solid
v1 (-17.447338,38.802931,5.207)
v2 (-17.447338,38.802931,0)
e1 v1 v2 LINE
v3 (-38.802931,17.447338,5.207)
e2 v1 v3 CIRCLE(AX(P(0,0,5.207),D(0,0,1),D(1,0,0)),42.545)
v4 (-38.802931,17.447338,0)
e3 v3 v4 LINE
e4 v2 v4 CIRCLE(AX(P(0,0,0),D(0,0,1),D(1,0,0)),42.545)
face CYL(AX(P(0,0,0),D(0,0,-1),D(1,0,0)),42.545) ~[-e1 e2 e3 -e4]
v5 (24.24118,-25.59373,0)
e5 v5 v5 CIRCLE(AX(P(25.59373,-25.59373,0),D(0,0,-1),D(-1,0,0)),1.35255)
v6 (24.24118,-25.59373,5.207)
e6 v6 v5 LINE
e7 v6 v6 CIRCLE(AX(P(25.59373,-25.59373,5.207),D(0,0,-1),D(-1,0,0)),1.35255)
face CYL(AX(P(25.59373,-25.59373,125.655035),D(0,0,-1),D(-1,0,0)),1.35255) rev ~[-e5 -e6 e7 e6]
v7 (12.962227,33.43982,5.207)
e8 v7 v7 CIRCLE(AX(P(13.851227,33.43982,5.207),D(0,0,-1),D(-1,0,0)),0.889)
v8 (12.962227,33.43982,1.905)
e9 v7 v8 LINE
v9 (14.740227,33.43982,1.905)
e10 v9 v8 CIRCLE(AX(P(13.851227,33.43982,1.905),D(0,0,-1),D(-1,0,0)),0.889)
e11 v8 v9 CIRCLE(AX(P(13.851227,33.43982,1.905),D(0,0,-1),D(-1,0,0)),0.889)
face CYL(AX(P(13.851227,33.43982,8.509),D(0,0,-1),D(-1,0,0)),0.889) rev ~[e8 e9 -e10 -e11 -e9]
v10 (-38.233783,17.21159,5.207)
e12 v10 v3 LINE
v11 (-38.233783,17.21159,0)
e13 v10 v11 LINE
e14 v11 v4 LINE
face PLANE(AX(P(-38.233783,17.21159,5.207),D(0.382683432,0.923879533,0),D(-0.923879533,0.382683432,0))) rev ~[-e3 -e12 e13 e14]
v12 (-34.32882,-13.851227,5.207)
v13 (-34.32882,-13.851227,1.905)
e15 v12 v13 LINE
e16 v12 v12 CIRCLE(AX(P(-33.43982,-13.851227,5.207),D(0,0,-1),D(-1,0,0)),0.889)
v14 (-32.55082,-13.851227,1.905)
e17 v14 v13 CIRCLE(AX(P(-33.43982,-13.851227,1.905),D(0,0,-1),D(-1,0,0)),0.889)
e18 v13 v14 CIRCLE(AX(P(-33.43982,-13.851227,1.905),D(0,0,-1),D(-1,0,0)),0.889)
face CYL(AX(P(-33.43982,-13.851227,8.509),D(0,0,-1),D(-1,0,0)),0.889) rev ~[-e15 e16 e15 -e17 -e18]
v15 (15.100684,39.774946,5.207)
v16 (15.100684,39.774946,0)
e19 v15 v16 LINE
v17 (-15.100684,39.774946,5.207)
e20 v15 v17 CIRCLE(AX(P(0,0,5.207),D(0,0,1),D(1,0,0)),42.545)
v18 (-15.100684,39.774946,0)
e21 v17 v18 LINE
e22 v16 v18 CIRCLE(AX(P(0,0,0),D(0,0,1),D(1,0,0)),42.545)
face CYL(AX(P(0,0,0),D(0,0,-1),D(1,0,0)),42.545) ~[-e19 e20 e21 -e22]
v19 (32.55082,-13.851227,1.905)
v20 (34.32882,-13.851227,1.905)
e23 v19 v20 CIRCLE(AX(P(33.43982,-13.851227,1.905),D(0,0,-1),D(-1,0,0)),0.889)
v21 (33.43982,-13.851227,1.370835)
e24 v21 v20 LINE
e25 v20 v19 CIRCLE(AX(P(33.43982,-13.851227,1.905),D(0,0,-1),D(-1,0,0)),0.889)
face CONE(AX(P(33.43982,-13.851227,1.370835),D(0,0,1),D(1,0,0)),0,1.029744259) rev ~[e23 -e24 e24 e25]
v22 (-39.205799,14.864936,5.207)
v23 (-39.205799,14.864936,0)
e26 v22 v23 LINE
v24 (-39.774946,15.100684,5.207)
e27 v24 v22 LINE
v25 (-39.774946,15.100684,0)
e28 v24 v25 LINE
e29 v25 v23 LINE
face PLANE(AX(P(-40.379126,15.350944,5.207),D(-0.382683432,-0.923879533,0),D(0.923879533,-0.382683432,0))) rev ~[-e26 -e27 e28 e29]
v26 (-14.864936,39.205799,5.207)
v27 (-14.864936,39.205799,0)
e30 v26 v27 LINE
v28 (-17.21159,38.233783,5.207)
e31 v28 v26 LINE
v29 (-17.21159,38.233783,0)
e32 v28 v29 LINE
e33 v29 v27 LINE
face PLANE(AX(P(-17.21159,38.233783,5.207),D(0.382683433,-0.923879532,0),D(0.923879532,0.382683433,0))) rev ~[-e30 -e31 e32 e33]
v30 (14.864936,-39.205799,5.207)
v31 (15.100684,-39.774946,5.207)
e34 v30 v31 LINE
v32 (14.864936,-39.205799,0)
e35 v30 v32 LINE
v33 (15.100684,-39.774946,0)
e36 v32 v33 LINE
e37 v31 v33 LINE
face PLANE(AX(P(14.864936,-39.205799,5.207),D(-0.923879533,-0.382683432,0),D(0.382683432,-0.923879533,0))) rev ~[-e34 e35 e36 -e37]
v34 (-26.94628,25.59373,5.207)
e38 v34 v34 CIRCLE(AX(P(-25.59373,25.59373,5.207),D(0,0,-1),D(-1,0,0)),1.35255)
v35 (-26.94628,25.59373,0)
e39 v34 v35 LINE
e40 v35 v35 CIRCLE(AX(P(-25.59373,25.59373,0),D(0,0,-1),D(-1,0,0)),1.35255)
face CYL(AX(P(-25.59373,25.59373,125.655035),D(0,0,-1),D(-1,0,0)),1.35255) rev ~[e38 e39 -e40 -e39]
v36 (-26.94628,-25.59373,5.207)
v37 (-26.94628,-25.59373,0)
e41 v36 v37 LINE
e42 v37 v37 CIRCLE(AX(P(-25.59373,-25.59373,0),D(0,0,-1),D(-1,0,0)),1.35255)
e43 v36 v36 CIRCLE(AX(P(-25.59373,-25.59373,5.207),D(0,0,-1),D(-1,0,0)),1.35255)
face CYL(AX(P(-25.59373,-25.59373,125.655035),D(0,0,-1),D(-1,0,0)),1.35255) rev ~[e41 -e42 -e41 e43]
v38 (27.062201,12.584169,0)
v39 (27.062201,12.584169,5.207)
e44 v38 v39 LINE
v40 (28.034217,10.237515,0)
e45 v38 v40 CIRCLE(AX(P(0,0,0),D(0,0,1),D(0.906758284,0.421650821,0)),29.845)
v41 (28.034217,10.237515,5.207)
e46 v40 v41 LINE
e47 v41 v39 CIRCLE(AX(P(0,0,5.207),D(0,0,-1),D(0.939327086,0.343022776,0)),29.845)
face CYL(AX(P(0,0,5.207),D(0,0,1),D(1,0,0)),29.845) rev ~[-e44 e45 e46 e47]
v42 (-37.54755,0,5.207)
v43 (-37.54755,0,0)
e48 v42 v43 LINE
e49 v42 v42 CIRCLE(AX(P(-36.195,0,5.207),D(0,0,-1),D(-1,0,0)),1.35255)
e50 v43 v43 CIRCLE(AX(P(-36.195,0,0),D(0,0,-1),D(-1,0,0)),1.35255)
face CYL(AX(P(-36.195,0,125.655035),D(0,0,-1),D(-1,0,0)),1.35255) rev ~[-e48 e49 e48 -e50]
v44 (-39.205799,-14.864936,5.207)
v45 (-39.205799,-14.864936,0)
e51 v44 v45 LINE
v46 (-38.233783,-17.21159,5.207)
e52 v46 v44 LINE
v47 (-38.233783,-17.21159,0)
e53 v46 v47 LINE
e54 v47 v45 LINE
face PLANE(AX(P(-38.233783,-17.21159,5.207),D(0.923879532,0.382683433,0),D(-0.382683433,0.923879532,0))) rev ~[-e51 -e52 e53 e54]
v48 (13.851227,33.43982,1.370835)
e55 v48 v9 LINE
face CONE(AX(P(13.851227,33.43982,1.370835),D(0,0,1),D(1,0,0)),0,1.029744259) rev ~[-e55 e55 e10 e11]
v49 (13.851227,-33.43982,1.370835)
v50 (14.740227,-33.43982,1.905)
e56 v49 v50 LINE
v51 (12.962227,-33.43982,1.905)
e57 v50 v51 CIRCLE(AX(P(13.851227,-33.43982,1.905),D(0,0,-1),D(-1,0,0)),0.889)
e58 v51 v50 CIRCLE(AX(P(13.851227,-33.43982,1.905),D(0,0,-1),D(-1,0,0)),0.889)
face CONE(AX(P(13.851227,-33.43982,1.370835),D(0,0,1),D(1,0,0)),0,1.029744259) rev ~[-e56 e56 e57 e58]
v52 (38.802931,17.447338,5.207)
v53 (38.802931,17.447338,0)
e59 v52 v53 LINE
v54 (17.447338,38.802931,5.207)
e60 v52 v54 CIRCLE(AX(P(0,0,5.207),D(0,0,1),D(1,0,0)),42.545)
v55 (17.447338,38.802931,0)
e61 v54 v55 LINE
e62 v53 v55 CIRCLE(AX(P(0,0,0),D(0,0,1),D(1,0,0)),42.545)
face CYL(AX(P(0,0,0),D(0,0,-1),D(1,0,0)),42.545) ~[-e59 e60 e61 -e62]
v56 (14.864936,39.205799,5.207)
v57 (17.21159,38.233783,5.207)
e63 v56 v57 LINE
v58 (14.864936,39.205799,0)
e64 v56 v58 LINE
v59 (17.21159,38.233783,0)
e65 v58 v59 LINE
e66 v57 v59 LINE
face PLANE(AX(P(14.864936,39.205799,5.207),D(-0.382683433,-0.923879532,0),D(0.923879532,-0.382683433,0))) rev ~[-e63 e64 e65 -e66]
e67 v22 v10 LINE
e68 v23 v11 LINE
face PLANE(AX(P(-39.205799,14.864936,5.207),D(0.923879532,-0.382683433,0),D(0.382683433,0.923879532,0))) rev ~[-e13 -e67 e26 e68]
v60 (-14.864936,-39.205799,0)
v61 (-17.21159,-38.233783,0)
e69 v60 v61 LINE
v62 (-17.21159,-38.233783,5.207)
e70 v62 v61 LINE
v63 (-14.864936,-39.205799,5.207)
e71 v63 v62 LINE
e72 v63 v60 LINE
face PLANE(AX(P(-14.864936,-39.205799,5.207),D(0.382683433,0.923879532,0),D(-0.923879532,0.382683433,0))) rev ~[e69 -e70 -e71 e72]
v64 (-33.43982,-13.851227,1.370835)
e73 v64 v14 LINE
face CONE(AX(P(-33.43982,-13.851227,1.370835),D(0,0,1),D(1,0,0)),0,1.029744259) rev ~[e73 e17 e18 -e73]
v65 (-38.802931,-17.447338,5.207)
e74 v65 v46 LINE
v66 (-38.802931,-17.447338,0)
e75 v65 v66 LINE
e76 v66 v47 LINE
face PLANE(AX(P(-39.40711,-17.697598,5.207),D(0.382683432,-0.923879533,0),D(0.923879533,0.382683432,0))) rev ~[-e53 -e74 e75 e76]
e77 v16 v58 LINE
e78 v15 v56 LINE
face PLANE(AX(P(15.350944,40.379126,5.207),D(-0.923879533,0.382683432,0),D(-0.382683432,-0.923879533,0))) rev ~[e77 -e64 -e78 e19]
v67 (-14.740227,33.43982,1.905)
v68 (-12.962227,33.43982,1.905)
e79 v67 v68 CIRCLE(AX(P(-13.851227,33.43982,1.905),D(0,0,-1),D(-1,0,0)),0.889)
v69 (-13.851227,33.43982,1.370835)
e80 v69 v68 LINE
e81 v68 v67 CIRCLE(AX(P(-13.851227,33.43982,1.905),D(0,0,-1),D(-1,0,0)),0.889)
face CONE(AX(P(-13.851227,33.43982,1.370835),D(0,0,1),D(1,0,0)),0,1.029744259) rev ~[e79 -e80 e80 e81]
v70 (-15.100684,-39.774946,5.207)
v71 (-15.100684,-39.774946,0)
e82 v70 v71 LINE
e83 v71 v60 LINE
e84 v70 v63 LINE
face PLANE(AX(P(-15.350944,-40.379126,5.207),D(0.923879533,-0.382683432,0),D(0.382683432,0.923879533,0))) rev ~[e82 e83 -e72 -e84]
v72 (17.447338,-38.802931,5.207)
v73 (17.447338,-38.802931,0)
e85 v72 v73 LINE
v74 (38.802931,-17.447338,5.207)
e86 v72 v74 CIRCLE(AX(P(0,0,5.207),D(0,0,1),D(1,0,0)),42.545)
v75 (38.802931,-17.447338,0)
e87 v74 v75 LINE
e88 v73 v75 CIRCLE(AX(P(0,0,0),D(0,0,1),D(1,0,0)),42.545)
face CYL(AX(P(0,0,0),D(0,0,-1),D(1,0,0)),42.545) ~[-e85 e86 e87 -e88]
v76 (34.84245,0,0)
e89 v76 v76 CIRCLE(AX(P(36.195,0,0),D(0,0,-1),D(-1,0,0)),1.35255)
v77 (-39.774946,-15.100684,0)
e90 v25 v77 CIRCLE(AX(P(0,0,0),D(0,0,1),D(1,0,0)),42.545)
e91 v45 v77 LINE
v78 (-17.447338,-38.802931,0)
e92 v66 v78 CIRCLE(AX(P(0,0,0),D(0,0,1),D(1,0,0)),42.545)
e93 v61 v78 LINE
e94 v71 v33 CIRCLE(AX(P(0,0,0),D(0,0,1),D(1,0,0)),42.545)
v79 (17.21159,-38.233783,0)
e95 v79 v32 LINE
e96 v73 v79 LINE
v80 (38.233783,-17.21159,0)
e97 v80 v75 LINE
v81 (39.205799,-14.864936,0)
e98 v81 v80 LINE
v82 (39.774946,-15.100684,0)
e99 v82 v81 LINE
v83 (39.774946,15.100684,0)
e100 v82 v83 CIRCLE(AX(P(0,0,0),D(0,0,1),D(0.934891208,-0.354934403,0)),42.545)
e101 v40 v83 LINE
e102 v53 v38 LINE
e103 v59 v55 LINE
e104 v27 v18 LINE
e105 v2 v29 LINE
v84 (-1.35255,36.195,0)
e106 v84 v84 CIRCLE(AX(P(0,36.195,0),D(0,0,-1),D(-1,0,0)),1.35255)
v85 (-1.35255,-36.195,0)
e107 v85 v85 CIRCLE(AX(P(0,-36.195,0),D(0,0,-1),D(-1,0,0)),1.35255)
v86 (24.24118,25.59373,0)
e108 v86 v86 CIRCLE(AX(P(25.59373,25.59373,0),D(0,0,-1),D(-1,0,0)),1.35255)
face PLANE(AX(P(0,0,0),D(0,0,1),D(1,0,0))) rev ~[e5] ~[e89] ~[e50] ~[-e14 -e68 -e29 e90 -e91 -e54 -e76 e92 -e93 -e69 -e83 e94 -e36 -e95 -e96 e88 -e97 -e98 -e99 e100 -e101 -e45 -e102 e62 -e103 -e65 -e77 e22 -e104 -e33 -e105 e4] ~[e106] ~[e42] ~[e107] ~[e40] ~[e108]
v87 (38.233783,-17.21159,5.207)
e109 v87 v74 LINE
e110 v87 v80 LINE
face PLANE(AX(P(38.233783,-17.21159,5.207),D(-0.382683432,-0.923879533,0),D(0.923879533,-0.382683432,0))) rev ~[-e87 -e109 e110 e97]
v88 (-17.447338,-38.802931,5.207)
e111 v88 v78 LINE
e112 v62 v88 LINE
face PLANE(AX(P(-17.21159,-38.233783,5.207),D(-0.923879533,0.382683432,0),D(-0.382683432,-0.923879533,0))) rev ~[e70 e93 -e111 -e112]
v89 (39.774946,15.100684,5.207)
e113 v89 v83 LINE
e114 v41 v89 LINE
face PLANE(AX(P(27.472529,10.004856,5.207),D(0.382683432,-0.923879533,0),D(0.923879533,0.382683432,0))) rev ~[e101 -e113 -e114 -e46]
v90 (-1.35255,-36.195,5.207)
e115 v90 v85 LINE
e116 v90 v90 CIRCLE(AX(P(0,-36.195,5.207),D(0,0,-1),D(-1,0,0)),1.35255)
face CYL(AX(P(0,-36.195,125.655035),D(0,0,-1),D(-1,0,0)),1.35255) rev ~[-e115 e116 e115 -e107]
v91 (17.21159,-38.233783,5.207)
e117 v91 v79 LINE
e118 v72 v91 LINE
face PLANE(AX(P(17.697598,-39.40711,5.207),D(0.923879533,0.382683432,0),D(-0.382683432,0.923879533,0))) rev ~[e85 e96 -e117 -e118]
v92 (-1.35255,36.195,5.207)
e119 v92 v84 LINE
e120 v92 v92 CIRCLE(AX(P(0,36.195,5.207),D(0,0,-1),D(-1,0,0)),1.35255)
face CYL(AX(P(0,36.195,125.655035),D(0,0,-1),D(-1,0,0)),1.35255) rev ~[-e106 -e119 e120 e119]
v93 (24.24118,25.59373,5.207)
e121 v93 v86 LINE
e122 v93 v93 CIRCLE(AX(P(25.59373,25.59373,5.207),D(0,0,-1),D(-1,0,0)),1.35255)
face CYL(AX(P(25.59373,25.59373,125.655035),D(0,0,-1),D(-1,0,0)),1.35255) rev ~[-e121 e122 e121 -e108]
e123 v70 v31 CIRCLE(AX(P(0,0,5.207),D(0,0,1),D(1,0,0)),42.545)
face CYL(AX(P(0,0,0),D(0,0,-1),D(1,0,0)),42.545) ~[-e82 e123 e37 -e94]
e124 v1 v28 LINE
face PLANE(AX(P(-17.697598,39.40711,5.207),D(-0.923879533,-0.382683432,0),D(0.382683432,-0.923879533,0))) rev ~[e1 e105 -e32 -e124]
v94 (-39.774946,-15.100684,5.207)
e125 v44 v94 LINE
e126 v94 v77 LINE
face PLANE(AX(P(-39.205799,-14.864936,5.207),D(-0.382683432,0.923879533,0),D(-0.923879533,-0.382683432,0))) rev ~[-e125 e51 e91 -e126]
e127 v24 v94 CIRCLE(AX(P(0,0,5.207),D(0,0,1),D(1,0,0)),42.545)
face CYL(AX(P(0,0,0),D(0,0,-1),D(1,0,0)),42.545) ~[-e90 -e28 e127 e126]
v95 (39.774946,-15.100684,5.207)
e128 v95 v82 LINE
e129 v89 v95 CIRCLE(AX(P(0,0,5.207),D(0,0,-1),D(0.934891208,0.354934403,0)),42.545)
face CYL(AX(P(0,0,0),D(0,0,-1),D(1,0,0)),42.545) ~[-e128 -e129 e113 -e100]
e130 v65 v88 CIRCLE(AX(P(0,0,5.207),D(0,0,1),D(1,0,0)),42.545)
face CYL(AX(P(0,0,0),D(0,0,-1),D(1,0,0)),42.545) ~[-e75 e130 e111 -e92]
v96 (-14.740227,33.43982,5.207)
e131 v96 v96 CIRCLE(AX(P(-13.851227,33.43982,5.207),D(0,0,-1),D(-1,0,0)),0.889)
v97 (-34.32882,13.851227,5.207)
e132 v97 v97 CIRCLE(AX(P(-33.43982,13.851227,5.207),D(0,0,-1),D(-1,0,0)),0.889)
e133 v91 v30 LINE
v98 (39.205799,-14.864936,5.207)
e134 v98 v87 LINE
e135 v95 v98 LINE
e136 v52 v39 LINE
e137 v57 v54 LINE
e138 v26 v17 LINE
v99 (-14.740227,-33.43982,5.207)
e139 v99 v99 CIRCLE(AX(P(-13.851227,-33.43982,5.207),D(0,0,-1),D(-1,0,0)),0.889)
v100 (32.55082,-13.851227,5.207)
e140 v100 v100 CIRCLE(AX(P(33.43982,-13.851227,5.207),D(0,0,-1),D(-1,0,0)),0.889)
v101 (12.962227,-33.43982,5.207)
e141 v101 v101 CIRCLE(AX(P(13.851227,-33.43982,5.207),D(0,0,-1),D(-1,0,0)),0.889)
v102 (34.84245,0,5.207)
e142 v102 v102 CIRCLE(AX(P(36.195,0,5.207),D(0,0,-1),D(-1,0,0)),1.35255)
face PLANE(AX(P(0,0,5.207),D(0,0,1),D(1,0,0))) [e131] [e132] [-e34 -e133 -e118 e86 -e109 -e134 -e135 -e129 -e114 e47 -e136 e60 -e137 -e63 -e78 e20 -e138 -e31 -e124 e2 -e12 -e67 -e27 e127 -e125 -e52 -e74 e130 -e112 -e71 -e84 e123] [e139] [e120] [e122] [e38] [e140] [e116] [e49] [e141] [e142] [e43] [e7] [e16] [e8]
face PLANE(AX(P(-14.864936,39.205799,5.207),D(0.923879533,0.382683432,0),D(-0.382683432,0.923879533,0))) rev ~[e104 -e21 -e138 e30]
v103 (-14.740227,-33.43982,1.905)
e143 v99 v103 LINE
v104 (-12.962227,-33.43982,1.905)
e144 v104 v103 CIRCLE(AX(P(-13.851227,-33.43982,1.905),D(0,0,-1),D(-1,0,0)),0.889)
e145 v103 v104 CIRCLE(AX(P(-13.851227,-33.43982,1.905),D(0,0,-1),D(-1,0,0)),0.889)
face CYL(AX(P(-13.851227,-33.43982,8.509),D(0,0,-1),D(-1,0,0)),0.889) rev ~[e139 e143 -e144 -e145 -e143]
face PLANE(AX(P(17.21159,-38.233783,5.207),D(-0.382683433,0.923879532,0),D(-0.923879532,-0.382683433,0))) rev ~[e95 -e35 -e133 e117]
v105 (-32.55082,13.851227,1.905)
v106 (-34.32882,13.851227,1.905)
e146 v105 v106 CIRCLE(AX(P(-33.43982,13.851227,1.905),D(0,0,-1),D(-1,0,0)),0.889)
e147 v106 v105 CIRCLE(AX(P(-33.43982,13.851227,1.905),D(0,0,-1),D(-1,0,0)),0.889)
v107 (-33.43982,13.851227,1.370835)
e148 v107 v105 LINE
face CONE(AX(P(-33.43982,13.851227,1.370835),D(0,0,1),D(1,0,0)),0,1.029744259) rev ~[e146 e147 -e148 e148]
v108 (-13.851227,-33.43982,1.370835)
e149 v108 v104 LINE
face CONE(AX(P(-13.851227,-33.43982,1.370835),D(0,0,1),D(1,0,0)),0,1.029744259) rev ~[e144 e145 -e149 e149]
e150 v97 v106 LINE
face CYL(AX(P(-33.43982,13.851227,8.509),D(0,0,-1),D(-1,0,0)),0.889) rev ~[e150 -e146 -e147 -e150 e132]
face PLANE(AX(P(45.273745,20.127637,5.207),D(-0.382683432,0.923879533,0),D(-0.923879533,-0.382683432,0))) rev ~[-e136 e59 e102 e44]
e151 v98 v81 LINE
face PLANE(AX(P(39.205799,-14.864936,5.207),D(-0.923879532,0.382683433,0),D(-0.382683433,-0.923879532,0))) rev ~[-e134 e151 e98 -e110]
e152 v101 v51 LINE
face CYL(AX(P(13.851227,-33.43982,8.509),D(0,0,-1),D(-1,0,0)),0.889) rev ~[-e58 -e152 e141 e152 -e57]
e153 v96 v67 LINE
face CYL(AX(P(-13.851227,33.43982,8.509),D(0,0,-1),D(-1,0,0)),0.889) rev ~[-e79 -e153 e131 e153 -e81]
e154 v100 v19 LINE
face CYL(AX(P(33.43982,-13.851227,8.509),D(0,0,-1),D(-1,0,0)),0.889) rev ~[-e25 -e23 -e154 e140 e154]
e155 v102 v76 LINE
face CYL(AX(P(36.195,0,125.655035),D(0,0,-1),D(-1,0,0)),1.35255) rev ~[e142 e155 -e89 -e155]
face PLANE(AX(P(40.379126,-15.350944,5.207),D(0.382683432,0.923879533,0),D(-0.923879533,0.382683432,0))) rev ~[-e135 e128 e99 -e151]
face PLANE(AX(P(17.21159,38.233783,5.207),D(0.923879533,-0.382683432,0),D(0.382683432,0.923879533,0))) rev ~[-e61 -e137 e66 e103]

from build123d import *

# Parameters (mm, degrees)
SKETCH4_R                 = 42.545
BOSS_EXTRUDE2_DEPTH       = 5.207
SKETCH5_R                 = 29.845
CUT_EXTRUDE5_DEPTH        = 6.207
CUT_EXTRUDE11_DEPTH       = 6.207
F_6_32_TAPPED_HOLE1_D     = 2.7051
F_2_56_TAPPED_HOLE1_D     = 1.778
F_2_56_TAPPED_HOLE1_DEPTH = 3.302
F_2_56_TAPPED_HOLE1_TIP   = 0.53416509


with BuildPart() as part:
    # Sketch4 → Boss-Extrude2 (new body)
    with BuildSketch(Plane.XY):
        Circle(SKETCH4_R)
    extrude(amount=BOSS_EXTRUDE2_DEPTH)

    # Sketch5 → Cut-Extrude5 (cut, through all)
    with BuildSketch(Plane.XY.offset(5.207)):
        Circle(SKETCH5_R)
    extrude(amount=-CUT_EXTRUDE5_DEPTH, mode=Mode.SUBTRACT)

    # Sketch8 → Cut-Extrude11 (cut, through all)
    with BuildSketch(Plane.XY.offset(5.207)):
        Polygon((45.273745286, 20.127637411), (26.500513186, 12.351510066), (27.472529104, 10.004856053), (46.245761204, 17.780983399), align=None)
        Polygon((17.697597616, 39.407110255), (15.350943603, 40.379126173), (14.864935644, 39.205799167), (17.211589657, 38.233783248), align=None)
        Polygon((-15.350943603, 40.379126173), (-17.697597616, 39.407110255), (-17.211589657, 38.233783248), (-14.864935644, 39.205799167), align=None)
        Polygon((-39.407110255, 17.697597616), (-40.379126173, 15.350943603), (-39.205799167, 14.864935644), (-38.233783248, 17.211589657), align=None)
        Polygon((-40.379126173, -15.350943603), (-39.407110255, -17.697597616), (-38.233783248, -17.211589657), (-39.205799167, -14.864935644), align=None)
        Polygon((-17.697597616, -39.407110255), (-15.350943603, -40.379126173), (-14.864935644, -39.205799167), (-17.211589657, -38.233783248), align=None)
        Polygon((15.350943603, -40.379126173), (17.697597616, -39.407110255), (17.211589657, -38.233783248), (14.864935644, -39.205799167), align=None)
        Polygon((39.407110255, -17.697597616), (40.379126173, -15.350943603), (39.205799167, -14.864935644), (38.233783248, -17.211589657), align=None)
    extrude(amount=-CUT_EXTRUDE11_DEPTH, mode=Mode.SUBTRACT)

    # #6-32 Tapped Hole1 (through all)
    with Locations(Plane.XY.offset(5.207)):
        with Locations((36.195, 0), (25.593729945, -25.593729945), (0, -36.195), (-25.593729945, -25.593729945), (-36.195, 0), (-25.593729945, 25.593729945), (0, 36.195), (25.593729945, 25.593729945)):
            Hole(F_6_32_TAPPED_HOLE1_D / 2)

    # #2-56 Tapped Hole1
    with Locations(Plane.XY.offset(5.207)):
        with Locations((13.851226834, 33.439819679), (-13.851226834, 33.439819679), (-33.439819679, 13.851226834), (-33.439819679, -13.851226834), (-13.851226834, -33.439819679), (13.851226834, -33.439819679), (33.439819679, -13.851226834), (33.439819679, 13.851226834)):
            Hole(F_2_56_TAPPED_HOLE1_D / 2, depth=F_2_56_TAPPED_HOLE1_DEPTH)
            with Locations((0, 0, -(F_2_56_TAPPED_HOLE1_DEPTH + F_2_56_TAPPED_HOLE1_TIP / 2))):  # 118° drill point
                Cone(0, F_2_56_TAPPED_HOLE1_D / 2, F_2_56_TAPPED_HOLE1_TIP, mode=Mode.SUBTRACT)


solid = part.part
